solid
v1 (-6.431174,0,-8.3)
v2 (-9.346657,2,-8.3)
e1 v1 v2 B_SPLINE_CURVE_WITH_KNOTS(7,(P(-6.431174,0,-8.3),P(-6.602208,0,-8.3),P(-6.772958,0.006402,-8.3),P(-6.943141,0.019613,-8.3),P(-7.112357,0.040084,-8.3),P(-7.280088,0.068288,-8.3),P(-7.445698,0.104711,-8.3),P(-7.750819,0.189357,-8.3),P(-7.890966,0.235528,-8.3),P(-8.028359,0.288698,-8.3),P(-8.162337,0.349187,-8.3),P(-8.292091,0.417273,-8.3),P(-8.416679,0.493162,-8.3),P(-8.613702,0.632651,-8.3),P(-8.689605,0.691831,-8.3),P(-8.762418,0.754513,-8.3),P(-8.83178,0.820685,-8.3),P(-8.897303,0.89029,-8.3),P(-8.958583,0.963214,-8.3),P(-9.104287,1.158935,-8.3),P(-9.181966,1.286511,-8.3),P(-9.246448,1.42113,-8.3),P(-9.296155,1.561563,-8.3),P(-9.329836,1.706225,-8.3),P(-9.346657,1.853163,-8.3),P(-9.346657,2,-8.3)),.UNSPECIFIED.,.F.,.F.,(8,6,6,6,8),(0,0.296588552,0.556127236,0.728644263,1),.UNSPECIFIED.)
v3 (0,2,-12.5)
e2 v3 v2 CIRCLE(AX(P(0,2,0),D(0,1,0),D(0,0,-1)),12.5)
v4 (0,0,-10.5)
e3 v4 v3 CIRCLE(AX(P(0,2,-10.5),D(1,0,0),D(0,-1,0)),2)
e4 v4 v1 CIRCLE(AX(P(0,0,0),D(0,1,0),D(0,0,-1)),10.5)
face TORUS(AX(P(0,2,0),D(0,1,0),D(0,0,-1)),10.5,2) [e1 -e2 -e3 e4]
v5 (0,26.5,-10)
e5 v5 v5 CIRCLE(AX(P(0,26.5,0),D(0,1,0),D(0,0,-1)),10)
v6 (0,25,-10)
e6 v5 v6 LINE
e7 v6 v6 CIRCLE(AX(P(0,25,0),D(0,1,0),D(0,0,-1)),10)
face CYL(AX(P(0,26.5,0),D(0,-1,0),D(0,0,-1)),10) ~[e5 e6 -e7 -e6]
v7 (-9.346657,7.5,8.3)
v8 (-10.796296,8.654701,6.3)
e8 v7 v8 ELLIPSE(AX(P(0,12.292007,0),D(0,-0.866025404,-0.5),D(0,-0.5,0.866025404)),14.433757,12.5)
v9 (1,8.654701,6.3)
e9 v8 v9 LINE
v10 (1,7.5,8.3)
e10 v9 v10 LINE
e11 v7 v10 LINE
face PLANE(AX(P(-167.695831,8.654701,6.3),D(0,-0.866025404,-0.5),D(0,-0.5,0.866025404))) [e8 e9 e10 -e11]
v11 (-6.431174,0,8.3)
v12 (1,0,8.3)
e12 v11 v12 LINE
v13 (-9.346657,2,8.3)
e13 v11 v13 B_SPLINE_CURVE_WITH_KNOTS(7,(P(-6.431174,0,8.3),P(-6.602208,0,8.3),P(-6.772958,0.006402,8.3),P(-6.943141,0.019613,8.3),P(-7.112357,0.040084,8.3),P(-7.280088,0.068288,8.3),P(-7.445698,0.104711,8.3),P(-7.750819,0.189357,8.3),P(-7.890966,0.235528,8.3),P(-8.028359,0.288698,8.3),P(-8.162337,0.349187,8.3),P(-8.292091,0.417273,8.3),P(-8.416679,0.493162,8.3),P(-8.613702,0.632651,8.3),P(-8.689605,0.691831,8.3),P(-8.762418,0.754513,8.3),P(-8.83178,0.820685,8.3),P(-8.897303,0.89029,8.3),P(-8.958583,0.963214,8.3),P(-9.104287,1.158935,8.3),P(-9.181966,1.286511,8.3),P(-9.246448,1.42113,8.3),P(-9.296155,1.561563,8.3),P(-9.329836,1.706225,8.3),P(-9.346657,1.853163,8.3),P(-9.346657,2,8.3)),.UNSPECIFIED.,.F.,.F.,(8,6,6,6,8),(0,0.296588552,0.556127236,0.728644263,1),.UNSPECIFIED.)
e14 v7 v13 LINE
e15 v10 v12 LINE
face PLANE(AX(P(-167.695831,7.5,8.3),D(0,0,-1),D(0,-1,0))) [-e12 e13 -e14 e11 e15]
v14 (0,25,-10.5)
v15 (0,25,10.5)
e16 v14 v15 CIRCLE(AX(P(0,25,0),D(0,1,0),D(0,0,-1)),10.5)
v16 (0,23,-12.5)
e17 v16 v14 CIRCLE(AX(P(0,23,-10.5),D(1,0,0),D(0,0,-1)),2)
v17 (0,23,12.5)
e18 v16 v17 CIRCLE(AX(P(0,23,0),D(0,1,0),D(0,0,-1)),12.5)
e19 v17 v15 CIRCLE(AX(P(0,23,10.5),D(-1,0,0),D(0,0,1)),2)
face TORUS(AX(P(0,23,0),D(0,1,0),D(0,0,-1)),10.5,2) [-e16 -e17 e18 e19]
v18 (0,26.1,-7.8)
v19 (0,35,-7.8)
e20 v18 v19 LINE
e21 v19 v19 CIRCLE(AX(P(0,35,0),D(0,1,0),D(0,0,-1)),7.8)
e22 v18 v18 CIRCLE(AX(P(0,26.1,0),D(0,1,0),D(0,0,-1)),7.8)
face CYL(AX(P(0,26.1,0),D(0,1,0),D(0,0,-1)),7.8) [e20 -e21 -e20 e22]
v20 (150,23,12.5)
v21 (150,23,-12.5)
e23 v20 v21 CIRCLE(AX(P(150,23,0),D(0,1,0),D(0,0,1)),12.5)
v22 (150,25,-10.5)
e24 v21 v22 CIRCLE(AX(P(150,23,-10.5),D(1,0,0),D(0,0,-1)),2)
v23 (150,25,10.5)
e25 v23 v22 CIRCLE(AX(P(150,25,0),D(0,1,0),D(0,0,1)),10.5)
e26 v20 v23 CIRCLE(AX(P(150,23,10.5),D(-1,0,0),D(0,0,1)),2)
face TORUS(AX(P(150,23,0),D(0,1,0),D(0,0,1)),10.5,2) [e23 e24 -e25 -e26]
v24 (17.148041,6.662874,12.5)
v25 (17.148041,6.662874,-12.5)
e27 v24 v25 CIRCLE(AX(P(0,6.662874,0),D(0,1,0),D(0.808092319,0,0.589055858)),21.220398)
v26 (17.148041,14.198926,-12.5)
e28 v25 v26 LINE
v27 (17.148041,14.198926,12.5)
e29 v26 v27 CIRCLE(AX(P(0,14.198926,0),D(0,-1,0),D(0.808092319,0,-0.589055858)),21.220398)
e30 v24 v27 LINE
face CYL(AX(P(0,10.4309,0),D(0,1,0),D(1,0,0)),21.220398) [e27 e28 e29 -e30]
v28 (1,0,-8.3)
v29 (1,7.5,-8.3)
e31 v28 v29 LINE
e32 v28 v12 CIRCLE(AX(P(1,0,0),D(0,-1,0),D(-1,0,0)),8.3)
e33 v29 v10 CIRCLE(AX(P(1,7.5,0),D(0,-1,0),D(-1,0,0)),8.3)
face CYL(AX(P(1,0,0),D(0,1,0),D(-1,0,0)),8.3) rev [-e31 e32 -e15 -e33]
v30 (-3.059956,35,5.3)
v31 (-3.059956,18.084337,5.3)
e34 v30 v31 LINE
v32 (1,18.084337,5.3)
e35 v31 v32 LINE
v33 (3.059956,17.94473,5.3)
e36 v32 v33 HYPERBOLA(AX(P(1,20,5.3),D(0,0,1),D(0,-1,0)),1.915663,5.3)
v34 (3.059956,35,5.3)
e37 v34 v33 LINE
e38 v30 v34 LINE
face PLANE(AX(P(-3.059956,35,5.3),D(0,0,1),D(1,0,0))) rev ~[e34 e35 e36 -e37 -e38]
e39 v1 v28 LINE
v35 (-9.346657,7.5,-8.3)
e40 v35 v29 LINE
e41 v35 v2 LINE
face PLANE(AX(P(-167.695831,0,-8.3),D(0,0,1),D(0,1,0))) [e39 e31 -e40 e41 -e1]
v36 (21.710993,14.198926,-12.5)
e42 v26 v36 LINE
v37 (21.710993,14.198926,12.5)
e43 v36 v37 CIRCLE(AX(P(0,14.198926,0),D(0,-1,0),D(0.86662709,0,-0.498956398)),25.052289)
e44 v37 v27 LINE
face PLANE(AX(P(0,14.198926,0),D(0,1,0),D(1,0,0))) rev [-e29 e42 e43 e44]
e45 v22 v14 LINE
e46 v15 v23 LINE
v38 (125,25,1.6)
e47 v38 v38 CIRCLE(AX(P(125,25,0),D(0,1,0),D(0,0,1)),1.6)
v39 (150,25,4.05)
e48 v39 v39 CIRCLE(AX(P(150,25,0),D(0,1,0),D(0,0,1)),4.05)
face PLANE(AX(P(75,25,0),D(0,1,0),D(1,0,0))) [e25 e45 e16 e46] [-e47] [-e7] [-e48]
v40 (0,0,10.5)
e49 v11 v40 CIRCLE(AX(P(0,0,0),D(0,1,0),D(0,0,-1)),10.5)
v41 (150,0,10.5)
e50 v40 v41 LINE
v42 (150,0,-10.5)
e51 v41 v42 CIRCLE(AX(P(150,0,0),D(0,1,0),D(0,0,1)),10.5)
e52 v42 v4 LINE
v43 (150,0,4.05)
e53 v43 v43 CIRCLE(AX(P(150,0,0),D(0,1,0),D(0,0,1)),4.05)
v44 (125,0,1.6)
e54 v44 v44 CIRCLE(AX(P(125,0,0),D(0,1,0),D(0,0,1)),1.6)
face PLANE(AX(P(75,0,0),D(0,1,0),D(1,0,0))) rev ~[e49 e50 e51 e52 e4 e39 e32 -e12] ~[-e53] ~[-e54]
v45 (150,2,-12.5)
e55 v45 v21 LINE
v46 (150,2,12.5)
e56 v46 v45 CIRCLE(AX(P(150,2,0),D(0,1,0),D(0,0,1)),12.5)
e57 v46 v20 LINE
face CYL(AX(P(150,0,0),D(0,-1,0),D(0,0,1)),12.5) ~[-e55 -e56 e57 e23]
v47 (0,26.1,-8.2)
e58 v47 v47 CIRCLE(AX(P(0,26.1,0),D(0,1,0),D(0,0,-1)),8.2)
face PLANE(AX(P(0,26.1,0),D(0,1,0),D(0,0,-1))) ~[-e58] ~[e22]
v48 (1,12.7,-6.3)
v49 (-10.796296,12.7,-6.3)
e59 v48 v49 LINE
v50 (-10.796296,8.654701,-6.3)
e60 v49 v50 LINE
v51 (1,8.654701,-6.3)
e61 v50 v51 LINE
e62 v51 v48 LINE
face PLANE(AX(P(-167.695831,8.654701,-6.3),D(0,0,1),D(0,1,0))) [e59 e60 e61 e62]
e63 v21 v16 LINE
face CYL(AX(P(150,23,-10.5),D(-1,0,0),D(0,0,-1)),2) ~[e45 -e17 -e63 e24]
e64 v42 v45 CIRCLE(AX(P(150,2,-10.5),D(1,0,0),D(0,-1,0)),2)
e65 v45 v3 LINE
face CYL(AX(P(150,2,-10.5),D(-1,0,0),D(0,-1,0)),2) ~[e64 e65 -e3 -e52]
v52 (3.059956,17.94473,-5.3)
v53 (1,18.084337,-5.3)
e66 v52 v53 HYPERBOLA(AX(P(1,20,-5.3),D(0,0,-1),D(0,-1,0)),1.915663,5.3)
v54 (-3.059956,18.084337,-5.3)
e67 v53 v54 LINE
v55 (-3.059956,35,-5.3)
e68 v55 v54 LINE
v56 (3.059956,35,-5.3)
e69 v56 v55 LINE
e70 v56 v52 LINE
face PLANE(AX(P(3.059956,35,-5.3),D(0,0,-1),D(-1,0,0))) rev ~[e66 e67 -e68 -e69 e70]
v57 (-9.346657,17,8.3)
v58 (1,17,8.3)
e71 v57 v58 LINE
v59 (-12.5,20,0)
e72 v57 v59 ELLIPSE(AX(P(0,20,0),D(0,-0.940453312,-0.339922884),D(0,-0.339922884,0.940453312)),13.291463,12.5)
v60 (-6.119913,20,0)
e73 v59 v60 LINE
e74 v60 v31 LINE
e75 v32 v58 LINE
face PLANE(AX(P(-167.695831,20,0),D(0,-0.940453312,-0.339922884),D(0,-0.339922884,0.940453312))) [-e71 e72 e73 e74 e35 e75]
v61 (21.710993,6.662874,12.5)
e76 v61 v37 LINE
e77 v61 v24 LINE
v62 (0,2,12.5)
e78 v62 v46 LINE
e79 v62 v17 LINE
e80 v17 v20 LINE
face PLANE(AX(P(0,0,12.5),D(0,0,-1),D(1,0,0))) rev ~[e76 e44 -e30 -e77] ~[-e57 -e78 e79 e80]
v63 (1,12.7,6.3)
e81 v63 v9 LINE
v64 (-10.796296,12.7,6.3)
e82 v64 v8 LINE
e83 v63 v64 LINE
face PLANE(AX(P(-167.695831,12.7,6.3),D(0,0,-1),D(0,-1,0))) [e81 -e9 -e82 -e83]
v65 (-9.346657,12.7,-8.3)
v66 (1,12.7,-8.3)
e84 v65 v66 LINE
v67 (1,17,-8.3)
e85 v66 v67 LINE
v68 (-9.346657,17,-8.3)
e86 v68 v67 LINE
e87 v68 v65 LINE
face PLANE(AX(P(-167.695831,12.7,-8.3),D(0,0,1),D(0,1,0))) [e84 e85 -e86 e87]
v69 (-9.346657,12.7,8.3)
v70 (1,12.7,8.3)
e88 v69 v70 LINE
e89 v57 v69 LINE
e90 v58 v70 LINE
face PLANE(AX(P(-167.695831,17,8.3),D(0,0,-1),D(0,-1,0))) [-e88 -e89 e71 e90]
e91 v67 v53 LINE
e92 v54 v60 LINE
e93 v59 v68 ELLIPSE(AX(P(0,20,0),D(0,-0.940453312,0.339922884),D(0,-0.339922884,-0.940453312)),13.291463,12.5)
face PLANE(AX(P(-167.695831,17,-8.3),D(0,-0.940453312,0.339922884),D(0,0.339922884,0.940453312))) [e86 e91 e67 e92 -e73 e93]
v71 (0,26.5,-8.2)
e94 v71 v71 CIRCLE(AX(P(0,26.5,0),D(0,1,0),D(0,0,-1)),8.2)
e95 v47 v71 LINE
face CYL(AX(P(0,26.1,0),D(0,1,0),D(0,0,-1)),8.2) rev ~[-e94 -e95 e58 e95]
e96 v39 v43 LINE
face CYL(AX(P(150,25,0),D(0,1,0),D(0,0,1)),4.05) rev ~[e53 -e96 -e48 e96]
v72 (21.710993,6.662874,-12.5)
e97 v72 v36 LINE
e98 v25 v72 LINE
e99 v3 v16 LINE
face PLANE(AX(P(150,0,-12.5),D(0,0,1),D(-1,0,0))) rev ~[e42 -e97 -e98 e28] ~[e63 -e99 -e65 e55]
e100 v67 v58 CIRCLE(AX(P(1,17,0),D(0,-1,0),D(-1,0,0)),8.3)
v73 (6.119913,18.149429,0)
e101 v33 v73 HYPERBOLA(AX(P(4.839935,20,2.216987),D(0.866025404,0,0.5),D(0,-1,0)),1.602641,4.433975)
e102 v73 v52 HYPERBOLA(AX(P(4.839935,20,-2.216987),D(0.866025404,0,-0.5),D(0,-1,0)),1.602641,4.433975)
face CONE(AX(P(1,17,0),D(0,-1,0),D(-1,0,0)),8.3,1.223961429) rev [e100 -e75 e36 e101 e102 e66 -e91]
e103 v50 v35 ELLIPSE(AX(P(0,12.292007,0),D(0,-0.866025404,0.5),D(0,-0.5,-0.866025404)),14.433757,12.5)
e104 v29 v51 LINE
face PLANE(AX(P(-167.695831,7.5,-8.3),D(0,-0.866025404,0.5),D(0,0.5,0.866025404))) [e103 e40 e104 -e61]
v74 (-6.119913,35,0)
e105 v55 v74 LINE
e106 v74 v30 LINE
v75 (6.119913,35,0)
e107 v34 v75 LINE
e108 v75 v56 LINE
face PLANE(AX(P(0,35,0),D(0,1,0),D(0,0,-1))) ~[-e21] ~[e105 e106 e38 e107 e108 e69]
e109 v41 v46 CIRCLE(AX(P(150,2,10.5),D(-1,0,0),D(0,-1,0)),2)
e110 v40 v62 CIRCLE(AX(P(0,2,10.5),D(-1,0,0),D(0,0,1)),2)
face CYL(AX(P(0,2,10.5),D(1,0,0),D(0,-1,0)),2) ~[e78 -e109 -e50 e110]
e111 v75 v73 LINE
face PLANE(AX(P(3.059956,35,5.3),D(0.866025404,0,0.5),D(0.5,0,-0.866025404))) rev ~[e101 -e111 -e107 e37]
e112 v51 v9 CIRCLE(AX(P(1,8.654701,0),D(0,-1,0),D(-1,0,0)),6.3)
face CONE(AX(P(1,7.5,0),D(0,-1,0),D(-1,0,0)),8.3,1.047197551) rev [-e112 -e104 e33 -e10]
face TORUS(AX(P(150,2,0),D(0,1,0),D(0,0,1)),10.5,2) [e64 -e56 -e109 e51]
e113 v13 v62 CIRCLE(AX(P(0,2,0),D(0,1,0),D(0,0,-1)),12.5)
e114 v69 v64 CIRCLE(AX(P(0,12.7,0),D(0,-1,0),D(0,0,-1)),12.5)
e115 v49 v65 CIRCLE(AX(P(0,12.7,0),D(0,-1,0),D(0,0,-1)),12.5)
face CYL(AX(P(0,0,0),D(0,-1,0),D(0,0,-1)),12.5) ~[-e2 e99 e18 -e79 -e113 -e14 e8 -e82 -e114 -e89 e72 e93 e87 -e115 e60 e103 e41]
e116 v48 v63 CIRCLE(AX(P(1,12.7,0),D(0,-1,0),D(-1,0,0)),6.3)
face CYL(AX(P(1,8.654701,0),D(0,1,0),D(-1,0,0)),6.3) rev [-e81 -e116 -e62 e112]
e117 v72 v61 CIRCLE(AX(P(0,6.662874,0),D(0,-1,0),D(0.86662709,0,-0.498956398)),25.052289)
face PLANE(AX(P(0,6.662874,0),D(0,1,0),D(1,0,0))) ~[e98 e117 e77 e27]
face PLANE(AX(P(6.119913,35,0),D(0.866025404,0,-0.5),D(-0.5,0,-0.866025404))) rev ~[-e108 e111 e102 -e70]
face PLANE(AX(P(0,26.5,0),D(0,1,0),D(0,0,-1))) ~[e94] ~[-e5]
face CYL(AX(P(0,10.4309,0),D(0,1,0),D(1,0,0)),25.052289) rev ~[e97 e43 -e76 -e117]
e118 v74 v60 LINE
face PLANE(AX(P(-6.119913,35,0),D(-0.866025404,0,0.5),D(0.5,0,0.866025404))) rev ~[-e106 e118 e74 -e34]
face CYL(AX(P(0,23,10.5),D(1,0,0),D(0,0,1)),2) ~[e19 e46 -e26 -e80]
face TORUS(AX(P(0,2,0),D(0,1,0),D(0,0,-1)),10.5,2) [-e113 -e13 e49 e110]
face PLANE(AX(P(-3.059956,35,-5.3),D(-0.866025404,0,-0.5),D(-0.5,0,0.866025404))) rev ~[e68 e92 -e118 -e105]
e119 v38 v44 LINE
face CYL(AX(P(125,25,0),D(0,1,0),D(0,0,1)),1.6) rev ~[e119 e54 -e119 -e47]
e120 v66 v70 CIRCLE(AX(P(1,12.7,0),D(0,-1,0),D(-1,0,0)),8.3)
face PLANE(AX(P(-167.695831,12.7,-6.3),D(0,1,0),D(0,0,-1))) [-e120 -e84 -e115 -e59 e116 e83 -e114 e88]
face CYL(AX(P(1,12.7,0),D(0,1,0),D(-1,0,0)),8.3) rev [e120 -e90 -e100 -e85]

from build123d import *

# Parameters (mm, degrees)
SALIENTE_EXTRUIR1_DEPTH    = 25
CROQUIS5_R                 = 4.05
CROQUIS5_R_2               = 1.6
CORTAR_EXTRUIR1_DEPTH      = 51.5
REDONDEO2_R                = 2
CORTAR_EXTRUIR2_REACH      = 168.696
CORTAR_EXTRUIR4_DEPTH      = 1
CORTAR_EXTRUIR4_DEPTH_BACK = 167.695830887
CROQUIS13_W                = 3.831890827
CROQUIS13_H                = 7.53605196


with BuildPart() as part:
    # Croquis2 → Saliente-Extruir1 (new body)
    with BuildSketch(Plane(origin=(0, 0, 0), x_dir=(1, 0, 0), z_dir=(0, 1, 0))):
        with BuildLine():
            Line((0, -12.5), (150, -12.5))
            ThreePointArc((150, -12.5), (162.5, 0), (150, 12.5))
            Line((150, 12.5), (0, 12.5))
            ThreePointArc((0, 12.5), (-12.5, 0), (0, -12.5))
        make_face()
    extrude(amount=SALIENTE_EXTRUIR1_DEPTH)

    # Croquis5 → Cortar-Extruir1 (cut)
    with BuildSketch(Plane(origin=(0, 25, 0), x_dir=(1, 0, 0), z_dir=(0, 1, 0))):
        with Locations(Location((150, 0, 0), (0, 0, 270))):
            Circle(CROQUIS5_R)
        with Locations(Location((125, 0, 0), (0, 0, 270))):
            Circle(CROQUIS5_R_2)
    extrude(amount=-CORTAR_EXTRUIR1_DEPTH, mode=Mode.SUBTRACT)

    # Croquis9 → Revolución2 (revolve)
    with BuildSketch(Plane.XY, mode=Mode.PRIVATE) as revoluci_n2_sk:
        Polygon((0, 25), (0, 35), (7.8, 35), (7.8, 26.5), (7.8, 26.1), (8.2, 26.1), (8.2, 26.5), (10, 26.5), (10, 25), align=None)
    revolve(revoluci_n2_sk.sketch.rotate(Axis((0, 25, 0), (0, 1, 0)), 90), axis=Axis((0, 25, 0), (0, 1, 0)))

    # Croquis1 → Cortar-Revolución1 (revolve, cut)
    with BuildSketch(Plane.XY, mode=Mode.PRIVATE) as cortar_revoluci_n1_sk:
        Polygon((9.3, 17), (1, 20), (1, 0), (9.3, 0), (9.3, 7.5), (7.3, 8.654700538), (7.3, 12.7), (9.3, 12.7), align=None)
    revolve(cortar_revoluci_n1_sk.sketch.rotate(Axis((1, 20, 0), (0, -1, 0)), 180), axis=Axis((1, 20, 0), (0, -1, 0)), mode=Mode.SUBTRACT)

    # Redondeo2
    redondeo2_edges = [part.edges().sort_by_distance(p)[0] for p in [
        (162.5, 25, 0),
        (75, 25, -12.5),
        (-12.5, 25, 0),
        (75, 0, -12.5),
        (162.5, 0, 0),
        (75, 0, 12.5),
        (-12.5, 0, 0),
        (75, 25, 12.5),
    ]]
    fillet(redondeo2_edges, radius=REDONDEO2_R)

    # Cortar-Extruir2: up to this cone (the profile starts outside it)
    cortar_extruir2_end = Plane(origin=(1, 35, 0), z_dir=(0, -1, 0)).offset(15.000001) * Cone(2.767e-06, 426.608933333, 154.195999, align=(Align.CENTER, Align.CENTER, Align.MIN), mode=Mode.PRIVATE)
    # Croquis10 → Cortar-Extruir2 (cut, up to the surface)
    with BuildSketch(Plane(origin=(0, 35, 0), x_dir=(1, 0, 0), z_dir=(0, 1, 0)), mode=Mode.PRIVATE) as cortar_extruir2_sk1:
        Polygon((6.119912853, 0), (3.059956427, 5.3), (-3.059956427, 5.3), (-6.119912853, 0), (-3.059956427, -5.3), (3.059956427, -5.3), align=None)
    cortar_extruir2_tool1 = extrude(cortar_extruir2_sk1.sketch, amount=-CORTAR_EXTRUIR2_REACH, mode=Mode.PRIVATE) - cortar_extruir2_end
    add(cortar_extruir2_tool1.solids().sort_by_distance((0, 35, 0))[0], mode=Mode.SUBTRACT)

    # Croquis12 → Cortar-Extruir4 (cut, two sides: drawn at the far end of the back side and taken through both)
    with BuildSketch(Plane(origin=(0, 0, 0), x_dir=(0, 0, -1), z_dir=(1, 0, 0)).offset(-CORTAR_EXTRUIR4_DEPTH_BACK)):
        Polygon((8.3, 7.5), (6.3, 8.654700538), (6.3, 12.7), (8.3, 12.7), (8.3, 17), (0, 20), (-8.3, 17), (-8.3, 12.7), (-6.3, 12.7), (-6.3, 8.654700538), (-8.3, 7.5), (-8.3, 0), (8.3, 0), align=None)
    extrude(amount=CORTAR_EXTRUIR4_DEPTH + CORTAR_EXTRUIR4_DEPTH_BACK, mode=Mode.SUBTRACT)

    # Croquis13 → Cortar-Revolución2 (revolve, cut)
    with BuildSketch(Plane.XY):
        with Locations((23.136343839, 10.430899618)):
            Rectangle(CROQUIS13_W, CROQUIS13_H)
    revolve(axis=Axis((0, 0, 0), (0, 1, 0)), mode=Mode.SUBTRACT)


solid = part.part
